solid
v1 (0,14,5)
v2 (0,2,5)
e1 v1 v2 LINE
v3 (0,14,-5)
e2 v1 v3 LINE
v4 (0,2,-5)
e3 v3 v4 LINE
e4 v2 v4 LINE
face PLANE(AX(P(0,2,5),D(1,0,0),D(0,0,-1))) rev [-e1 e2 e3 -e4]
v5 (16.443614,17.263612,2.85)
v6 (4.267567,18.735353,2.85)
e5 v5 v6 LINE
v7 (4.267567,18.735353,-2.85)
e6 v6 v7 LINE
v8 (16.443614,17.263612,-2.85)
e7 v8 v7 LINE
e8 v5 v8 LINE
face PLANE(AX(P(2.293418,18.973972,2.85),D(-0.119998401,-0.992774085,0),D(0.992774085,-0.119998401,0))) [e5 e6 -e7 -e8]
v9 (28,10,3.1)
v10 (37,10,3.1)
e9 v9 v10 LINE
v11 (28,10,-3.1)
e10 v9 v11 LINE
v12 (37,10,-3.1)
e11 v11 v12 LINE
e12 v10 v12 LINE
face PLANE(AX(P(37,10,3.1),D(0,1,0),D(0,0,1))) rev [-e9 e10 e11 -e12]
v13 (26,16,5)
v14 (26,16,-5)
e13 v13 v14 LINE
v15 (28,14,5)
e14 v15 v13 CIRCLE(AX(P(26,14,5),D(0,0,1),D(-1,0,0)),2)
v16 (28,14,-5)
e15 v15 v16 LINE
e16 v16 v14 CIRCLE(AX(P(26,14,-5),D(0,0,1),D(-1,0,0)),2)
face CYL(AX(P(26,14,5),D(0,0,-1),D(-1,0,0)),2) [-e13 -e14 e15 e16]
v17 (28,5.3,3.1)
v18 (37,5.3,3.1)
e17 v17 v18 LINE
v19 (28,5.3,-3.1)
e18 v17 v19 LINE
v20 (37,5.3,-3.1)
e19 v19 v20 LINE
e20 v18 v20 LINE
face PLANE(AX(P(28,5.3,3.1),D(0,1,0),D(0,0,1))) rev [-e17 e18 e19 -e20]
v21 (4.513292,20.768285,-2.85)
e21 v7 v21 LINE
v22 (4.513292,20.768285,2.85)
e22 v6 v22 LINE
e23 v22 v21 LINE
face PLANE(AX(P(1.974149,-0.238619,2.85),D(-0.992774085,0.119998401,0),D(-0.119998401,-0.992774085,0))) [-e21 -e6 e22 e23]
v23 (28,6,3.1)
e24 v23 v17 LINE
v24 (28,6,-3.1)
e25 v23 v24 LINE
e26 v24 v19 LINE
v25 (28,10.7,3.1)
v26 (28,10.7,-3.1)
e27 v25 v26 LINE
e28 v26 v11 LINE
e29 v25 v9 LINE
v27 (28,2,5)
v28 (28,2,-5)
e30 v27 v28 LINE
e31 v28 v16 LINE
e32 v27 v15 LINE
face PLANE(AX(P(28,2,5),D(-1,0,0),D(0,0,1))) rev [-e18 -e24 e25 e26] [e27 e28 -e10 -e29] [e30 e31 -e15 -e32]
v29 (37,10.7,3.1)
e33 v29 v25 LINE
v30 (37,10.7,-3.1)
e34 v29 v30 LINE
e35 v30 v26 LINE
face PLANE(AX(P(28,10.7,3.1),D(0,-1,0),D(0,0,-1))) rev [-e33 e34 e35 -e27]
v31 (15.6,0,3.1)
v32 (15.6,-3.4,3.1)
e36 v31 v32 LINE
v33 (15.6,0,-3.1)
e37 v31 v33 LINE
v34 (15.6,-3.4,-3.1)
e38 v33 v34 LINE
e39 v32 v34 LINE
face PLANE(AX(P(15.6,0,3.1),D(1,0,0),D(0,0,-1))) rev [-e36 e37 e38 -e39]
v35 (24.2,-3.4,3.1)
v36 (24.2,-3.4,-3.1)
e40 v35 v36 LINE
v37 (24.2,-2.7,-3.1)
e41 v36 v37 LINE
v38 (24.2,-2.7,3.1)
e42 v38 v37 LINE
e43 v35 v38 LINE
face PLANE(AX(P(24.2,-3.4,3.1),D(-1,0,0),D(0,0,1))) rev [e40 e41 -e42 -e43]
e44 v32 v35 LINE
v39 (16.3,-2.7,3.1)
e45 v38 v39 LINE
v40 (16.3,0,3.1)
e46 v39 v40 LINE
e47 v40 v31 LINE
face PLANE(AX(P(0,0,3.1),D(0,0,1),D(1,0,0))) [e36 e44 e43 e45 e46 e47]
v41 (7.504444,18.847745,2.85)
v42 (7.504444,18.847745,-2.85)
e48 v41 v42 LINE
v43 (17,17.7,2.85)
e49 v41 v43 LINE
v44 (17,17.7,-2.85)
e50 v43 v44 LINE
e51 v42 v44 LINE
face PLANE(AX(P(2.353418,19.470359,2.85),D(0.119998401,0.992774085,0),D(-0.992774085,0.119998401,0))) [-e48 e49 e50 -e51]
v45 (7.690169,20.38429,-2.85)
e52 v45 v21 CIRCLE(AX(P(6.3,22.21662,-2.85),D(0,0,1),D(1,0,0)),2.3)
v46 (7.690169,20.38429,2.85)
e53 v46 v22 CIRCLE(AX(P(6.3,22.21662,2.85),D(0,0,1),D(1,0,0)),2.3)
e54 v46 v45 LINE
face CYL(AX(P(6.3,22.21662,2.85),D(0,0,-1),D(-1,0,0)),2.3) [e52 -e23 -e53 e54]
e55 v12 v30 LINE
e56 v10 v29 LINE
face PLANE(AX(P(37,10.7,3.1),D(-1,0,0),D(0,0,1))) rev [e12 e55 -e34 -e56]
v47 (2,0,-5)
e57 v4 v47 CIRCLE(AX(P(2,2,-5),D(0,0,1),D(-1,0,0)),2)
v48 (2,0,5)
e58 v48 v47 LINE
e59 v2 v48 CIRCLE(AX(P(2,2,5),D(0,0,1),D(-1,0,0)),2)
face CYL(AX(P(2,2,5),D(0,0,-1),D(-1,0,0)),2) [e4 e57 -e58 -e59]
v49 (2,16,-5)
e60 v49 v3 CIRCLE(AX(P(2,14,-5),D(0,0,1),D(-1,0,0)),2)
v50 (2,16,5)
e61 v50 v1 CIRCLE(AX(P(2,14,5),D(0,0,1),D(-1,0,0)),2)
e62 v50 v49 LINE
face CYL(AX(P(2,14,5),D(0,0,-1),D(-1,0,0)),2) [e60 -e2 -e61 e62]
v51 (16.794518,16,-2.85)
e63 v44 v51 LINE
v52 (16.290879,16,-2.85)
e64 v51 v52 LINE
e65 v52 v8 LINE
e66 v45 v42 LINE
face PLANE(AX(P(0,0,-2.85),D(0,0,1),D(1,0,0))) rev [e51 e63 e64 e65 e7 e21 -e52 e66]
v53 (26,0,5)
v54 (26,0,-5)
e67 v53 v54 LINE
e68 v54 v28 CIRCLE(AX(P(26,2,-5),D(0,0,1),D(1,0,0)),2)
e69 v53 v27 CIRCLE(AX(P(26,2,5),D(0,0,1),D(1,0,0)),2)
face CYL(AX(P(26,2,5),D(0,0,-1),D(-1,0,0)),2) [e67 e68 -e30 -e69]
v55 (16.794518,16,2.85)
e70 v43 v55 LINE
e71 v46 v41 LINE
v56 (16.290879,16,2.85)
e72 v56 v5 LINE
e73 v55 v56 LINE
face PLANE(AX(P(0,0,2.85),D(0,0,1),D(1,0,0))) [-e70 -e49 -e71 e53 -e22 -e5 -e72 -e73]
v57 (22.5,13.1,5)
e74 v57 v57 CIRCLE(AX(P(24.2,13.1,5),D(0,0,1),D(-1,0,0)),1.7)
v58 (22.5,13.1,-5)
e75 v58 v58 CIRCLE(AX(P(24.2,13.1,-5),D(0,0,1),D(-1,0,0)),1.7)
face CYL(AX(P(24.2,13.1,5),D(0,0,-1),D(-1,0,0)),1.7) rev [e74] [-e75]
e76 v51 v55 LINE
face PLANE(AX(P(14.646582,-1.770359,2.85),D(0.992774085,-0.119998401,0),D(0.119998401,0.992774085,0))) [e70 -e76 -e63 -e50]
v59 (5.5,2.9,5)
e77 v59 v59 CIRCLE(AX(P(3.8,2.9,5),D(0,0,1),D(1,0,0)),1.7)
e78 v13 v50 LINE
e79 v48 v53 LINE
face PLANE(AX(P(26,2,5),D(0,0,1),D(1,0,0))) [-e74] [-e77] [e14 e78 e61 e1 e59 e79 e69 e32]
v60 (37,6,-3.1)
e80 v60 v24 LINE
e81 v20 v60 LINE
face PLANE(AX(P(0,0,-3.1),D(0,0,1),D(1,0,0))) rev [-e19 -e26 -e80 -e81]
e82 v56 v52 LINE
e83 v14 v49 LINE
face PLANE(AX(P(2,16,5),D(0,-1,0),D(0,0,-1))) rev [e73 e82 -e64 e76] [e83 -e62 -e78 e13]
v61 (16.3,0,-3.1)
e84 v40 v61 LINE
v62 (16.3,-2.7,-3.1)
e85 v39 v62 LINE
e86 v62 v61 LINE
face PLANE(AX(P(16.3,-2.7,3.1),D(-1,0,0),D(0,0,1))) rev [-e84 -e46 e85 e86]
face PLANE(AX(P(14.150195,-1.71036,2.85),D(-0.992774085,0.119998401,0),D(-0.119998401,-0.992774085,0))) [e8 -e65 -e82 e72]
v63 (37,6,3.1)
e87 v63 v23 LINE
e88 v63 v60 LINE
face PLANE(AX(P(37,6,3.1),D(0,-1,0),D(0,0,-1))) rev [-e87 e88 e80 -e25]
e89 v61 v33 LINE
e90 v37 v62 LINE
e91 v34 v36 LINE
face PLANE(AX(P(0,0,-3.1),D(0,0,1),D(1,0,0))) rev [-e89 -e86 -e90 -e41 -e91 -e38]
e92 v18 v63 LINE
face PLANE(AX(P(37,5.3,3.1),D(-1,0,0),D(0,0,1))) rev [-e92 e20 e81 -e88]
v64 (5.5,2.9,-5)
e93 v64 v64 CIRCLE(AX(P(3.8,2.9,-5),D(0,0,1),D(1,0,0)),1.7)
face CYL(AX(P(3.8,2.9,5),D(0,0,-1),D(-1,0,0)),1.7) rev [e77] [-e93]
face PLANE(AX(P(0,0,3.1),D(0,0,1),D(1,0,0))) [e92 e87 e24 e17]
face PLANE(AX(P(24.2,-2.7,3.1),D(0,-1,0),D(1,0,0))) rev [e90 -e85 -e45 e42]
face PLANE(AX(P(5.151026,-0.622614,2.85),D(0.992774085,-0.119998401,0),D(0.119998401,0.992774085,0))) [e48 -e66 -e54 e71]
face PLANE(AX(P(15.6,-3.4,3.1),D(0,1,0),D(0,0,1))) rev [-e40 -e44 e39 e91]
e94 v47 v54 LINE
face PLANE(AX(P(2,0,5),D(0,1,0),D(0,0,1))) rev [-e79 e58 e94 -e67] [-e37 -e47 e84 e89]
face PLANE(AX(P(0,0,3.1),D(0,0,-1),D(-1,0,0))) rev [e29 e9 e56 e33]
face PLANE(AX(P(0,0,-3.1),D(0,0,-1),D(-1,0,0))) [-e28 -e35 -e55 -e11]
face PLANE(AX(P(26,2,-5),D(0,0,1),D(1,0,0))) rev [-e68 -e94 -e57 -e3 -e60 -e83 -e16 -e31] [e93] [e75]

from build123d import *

# Parameters (mm, degrees)
SKETCH1_R           = 1.7
BOSS_EXTRUDE1_DEPTH = 5
SKETCH2_R           = 2.3
BOSS_EXTRUDE2_DEPTH = 2.85
SKETCH3_W           = 9
SKETCH3_H           = 0.7
BOSS_EXTRUDE3_DEPTH = 3.1


with BuildPart() as part:
    # Sketch1 → Boss-Extrude1 (new body, symmetric)
    with BuildSketch(Plane.XY):
        with BuildLine():
            Line((2, 0), (26, 0))
            ThreePointArc((26, 0), (27.414213562, 0.585786438), (28, 2))
            Line((28, 2), (28, 14))
            ThreePointArc((28, 14), (27.414213562, 15.414213562), (26, 16))
            Line((26, 16), (2, 16))
            ThreePointArc((2, 16), (0.585786438, 15.414213562), (0, 14))
            Line((0, 14), (0, 2))
            ThreePointArc((0, 2), (0.585786438, 0.585786438), (2, 0))
        make_face()
        with Locations((3.8, 2.9)):
            Circle(SKETCH1_R, mode=Mode.SUBTRACT)
        with Locations((24.2, 13.1)):
            Circle(SKETCH1_R, mode=Mode.SUBTRACT)
    extrude(amount=BOSS_EXTRUDE1_DEPTH, both=True)

    # Sketch2 → Boss-Extrude2 (add, symmetric)
    with BuildSketch(Plane.XY):
        with BuildLine():
            Line((16.443613757, 17.263612158), (15.919001734, 12.923377494))
            Line((15.919001734, 12.923377494), (16.415388776, 12.863378293))
            Line((16.415388776, 12.863378293), (17, 17.7))
            Line((17, 17.7), (7.504443651, 18.847745091))
            Line((7.504443651, 18.847745091), (7.690168637, 20.384290169))
            ThreePointArc((7.690168637, 20.384290169), (6.024003677, 19.933239209), (4.513291566, 20.768285054))
            Line((4.513291566, 20.768285054), (4.267567379, 18.735352933))
            Line((4.267567379, 18.735352933), (16.443613757, 17.263612158))
        make_face()
        with Locations((6.3, 22.216619605)):
            Circle(SKETCH2_R)
    extrude(amount=BOSS_EXTRUDE2_DEPTH, both=True)

    # Sketch3 → Boss-Extrude3 (add, symmetric)
    with BuildSketch(Plane.XY):
        with Locations((32.5, 10.35)):
            Rectangle(SKETCH3_W, SKETCH3_H)
        with Locations((32.5, 5.65)):
            Rectangle(SKETCH3_W, SKETCH3_H)
        Polygon((15.6, 0), (15.6, -3.4), (24.2, -3.4), (24.2, -2.7), (16.3, -2.7), (16.3, 0), align=None)
    extrude(amount=BOSS_EXTRUDE3_DEPTH, both=True)


solid = part.part
